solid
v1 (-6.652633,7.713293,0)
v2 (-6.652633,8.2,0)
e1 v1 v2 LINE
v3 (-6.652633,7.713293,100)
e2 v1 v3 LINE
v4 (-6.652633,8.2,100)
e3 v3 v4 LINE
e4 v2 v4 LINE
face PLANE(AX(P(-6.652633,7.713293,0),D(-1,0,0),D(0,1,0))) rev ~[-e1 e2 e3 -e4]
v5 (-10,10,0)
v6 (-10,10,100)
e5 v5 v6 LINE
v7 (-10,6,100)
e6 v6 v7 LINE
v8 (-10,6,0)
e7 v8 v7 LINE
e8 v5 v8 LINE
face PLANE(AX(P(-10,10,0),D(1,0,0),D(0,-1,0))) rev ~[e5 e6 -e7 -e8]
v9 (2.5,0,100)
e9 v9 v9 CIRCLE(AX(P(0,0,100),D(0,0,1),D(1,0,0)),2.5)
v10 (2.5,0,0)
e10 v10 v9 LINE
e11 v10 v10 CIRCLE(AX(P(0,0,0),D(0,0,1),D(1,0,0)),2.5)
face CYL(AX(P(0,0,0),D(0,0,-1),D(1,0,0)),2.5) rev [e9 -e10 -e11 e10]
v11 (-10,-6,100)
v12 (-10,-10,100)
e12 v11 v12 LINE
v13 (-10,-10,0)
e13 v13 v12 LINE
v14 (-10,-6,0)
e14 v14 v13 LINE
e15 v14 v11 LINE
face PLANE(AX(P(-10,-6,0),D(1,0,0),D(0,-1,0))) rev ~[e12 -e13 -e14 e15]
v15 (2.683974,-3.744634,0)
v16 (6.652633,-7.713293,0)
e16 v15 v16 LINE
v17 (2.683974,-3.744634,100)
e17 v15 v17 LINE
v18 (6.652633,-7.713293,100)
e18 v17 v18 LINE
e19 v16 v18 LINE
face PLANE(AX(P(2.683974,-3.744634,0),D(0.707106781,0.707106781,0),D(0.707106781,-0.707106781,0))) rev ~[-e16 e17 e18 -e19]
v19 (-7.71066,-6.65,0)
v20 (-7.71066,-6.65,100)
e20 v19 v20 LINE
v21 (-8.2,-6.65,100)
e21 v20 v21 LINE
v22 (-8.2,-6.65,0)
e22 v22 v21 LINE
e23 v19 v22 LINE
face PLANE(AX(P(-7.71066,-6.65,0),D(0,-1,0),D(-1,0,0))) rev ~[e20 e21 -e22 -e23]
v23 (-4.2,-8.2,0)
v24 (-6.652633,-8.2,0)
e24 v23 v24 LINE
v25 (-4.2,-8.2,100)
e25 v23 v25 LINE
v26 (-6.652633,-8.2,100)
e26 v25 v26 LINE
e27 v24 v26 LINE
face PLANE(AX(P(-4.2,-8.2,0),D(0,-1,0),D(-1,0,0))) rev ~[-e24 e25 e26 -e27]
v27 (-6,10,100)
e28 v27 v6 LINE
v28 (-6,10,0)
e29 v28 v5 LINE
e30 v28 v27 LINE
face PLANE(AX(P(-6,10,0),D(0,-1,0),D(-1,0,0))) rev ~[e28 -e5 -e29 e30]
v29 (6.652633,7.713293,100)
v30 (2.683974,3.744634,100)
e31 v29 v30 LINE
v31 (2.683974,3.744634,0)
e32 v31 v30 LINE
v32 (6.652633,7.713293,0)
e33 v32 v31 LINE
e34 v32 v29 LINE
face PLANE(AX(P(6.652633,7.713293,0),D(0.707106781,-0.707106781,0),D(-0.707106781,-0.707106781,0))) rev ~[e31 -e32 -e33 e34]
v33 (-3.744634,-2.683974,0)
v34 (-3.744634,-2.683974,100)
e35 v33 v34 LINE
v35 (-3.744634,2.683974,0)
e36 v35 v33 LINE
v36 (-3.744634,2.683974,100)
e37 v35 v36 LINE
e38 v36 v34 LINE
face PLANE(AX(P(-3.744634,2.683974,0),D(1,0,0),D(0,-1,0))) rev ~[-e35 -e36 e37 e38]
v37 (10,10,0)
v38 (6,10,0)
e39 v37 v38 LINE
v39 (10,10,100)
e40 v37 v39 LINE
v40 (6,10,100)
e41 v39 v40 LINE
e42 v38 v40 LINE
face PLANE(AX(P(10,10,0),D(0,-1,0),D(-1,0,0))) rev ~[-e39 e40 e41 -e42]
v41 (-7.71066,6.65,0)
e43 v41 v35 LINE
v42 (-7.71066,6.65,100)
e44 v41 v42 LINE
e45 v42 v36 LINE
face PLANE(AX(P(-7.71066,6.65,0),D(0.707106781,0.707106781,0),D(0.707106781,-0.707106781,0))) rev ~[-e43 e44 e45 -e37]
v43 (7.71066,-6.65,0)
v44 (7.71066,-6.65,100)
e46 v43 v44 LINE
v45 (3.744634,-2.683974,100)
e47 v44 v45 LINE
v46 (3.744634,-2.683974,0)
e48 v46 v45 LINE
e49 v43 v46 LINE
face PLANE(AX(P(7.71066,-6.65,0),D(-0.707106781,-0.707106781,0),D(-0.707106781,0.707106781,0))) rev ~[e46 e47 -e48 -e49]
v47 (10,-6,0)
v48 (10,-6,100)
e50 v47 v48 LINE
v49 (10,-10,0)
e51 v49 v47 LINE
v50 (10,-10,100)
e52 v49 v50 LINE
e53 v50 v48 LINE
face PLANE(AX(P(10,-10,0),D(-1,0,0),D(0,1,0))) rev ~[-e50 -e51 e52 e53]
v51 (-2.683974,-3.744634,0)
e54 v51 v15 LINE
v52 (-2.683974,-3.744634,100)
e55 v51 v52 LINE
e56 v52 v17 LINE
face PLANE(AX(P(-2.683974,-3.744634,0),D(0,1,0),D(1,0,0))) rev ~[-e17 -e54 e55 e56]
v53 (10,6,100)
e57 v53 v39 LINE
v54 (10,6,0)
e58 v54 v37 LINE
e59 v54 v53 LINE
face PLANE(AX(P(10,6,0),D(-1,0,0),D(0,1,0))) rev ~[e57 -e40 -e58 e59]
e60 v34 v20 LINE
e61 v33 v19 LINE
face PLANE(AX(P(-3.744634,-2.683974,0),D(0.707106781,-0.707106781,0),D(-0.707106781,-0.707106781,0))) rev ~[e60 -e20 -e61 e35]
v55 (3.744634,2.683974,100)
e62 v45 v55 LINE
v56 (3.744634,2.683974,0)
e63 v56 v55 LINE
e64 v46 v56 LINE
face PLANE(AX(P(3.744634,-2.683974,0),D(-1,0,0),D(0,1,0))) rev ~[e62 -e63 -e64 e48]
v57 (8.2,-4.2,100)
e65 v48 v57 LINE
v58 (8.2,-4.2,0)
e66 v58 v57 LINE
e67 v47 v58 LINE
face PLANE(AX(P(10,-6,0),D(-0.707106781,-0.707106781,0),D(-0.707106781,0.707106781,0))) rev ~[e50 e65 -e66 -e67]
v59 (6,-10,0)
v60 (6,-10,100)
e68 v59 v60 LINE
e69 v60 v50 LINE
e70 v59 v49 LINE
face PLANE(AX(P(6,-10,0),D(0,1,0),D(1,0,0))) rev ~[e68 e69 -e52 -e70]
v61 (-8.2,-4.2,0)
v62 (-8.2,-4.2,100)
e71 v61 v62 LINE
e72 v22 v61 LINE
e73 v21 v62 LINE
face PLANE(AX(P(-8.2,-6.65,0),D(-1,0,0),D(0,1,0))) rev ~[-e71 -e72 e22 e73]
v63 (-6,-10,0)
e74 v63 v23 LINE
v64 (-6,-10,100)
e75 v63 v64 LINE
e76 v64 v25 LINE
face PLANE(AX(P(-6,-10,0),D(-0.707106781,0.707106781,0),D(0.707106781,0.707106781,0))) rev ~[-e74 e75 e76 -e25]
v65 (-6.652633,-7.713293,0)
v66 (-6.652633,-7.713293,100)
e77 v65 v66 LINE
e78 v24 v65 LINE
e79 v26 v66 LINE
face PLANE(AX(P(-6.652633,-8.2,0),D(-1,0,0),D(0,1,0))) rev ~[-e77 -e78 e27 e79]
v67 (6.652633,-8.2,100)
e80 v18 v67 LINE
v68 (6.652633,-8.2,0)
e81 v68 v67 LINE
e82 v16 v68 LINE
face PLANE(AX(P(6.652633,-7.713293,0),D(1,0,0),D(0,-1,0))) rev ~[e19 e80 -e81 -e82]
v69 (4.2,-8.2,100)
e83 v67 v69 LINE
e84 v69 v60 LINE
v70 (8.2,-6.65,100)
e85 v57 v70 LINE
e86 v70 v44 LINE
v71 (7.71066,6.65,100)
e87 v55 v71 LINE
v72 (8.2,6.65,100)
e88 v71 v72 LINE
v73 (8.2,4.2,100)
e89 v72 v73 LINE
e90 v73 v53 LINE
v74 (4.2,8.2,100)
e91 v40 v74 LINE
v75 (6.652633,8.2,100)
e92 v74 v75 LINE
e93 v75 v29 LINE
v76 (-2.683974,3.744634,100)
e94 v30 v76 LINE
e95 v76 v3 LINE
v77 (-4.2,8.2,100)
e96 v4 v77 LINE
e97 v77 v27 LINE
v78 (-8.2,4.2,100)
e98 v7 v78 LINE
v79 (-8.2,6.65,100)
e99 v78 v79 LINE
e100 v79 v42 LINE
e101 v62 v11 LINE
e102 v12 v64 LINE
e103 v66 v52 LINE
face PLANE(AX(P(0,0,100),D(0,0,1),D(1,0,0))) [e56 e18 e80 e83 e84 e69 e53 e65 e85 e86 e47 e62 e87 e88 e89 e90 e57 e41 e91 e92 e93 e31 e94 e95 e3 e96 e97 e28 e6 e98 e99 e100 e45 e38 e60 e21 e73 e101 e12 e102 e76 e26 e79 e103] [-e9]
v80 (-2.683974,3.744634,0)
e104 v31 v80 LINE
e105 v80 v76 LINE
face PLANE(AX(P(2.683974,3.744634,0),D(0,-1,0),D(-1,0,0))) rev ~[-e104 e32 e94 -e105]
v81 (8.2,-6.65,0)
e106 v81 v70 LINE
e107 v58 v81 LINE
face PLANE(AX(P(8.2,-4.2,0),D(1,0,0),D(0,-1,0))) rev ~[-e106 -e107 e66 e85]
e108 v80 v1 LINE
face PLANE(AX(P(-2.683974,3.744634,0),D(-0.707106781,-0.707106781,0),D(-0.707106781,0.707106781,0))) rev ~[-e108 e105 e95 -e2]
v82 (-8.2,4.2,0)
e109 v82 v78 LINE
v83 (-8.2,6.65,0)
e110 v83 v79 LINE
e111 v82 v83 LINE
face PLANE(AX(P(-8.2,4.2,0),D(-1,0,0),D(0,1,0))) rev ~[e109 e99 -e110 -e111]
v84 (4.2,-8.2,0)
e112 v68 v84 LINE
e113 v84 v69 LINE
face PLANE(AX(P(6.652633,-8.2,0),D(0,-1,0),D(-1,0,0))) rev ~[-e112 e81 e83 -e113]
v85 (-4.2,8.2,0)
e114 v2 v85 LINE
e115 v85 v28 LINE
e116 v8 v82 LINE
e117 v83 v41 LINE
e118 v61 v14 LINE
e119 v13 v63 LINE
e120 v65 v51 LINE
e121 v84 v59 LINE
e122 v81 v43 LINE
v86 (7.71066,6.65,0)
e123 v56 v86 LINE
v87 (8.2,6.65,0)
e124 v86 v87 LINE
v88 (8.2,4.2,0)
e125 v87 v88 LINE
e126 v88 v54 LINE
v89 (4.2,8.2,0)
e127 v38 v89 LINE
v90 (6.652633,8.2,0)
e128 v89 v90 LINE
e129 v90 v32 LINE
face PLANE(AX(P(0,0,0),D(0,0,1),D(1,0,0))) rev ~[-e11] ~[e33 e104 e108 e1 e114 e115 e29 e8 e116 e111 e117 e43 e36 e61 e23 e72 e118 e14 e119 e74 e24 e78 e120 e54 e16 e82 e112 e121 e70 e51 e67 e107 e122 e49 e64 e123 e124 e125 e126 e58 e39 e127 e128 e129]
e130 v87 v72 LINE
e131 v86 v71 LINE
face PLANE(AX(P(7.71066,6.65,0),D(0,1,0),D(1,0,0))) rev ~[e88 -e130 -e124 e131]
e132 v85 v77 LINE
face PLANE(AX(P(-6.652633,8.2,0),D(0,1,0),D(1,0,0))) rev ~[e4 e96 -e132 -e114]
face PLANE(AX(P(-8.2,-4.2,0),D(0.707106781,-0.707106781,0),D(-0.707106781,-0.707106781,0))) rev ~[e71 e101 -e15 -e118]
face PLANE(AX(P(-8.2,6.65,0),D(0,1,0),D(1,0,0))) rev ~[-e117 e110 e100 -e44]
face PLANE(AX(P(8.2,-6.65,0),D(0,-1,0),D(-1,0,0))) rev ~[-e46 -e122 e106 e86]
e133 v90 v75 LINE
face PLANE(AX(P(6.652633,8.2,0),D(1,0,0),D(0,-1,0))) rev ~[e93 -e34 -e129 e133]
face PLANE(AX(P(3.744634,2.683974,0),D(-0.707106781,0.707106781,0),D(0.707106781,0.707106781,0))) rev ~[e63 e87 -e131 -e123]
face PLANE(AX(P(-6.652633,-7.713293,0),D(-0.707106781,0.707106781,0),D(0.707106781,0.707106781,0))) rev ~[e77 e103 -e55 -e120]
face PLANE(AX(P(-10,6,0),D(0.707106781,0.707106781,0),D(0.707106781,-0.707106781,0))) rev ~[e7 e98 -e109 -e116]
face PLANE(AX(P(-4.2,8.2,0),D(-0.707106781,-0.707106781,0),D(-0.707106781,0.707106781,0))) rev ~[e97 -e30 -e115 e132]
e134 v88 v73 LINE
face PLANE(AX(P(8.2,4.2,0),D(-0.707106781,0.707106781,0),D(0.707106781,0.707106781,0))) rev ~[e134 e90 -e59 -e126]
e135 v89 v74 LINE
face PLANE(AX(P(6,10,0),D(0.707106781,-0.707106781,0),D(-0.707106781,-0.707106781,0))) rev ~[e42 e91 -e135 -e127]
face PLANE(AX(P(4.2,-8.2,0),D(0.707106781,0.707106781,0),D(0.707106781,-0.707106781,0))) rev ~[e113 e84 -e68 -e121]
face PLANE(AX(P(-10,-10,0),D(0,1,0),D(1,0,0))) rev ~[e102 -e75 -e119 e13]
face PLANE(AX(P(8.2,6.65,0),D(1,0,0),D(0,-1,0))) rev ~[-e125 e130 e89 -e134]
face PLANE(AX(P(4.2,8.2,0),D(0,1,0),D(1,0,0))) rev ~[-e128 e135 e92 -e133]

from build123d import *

# Parameters (mm, degrees)
SKETCH1_R           = 2.5
BOSS_EXTRUDE1_DEPTH = 100


with BuildPart() as part:
    # Sketch1 → Boss-Extrude1 (new body)
    with BuildSketch(Plane.XY):
        Polygon((-4.2, 8.2), (-6, 10), (-10, 10), (-10, 6), (-8.2, 4.2), (-8.2, 6.65), (-7.710660172, 6.65), (-3.744633983, 2.683973811), (-3.744633983, -2.683973811), (-7.710660172, -6.65), (-8.2, -6.65), (-8.2, -4.2), (-10, -6), (-10, -10), (-6, -10), (-4.2, -8.2), (-6.652632674, -8.2), (-6.652632674, -7.713292846), (-2.683973811, -3.744633983), (2.683973811, -3.744633983), (6.652632674, -7.713292846), (6.652632674, -8.2), (4.2, -8.2), (6, -10), (10, -10), (10, -6), (8.2, -4.2), (8.2, -6.65), (7.710660172, -6.65), (3.744633983, -2.683973811), (3.744633983, 2.683973811), (7.710660172, 6.65), (8.2, 6.65), (8.2, 4.2), (10, 6), (10, 10), (6, 10), (4.2, 8.2), (6.652632674, 8.2), (6.652632674, 7.713292846), (2.683973811, 3.744633983), (-2.683973811, 3.744633983), (-6.652632674, 7.713292846), (-6.652632674, 8.2), align=None)
        Circle(SKETCH1_R, mode=Mode.SUBTRACT)
    extrude(amount=BOSS_EXTRUDE1_DEPTH)


solid = part.part
